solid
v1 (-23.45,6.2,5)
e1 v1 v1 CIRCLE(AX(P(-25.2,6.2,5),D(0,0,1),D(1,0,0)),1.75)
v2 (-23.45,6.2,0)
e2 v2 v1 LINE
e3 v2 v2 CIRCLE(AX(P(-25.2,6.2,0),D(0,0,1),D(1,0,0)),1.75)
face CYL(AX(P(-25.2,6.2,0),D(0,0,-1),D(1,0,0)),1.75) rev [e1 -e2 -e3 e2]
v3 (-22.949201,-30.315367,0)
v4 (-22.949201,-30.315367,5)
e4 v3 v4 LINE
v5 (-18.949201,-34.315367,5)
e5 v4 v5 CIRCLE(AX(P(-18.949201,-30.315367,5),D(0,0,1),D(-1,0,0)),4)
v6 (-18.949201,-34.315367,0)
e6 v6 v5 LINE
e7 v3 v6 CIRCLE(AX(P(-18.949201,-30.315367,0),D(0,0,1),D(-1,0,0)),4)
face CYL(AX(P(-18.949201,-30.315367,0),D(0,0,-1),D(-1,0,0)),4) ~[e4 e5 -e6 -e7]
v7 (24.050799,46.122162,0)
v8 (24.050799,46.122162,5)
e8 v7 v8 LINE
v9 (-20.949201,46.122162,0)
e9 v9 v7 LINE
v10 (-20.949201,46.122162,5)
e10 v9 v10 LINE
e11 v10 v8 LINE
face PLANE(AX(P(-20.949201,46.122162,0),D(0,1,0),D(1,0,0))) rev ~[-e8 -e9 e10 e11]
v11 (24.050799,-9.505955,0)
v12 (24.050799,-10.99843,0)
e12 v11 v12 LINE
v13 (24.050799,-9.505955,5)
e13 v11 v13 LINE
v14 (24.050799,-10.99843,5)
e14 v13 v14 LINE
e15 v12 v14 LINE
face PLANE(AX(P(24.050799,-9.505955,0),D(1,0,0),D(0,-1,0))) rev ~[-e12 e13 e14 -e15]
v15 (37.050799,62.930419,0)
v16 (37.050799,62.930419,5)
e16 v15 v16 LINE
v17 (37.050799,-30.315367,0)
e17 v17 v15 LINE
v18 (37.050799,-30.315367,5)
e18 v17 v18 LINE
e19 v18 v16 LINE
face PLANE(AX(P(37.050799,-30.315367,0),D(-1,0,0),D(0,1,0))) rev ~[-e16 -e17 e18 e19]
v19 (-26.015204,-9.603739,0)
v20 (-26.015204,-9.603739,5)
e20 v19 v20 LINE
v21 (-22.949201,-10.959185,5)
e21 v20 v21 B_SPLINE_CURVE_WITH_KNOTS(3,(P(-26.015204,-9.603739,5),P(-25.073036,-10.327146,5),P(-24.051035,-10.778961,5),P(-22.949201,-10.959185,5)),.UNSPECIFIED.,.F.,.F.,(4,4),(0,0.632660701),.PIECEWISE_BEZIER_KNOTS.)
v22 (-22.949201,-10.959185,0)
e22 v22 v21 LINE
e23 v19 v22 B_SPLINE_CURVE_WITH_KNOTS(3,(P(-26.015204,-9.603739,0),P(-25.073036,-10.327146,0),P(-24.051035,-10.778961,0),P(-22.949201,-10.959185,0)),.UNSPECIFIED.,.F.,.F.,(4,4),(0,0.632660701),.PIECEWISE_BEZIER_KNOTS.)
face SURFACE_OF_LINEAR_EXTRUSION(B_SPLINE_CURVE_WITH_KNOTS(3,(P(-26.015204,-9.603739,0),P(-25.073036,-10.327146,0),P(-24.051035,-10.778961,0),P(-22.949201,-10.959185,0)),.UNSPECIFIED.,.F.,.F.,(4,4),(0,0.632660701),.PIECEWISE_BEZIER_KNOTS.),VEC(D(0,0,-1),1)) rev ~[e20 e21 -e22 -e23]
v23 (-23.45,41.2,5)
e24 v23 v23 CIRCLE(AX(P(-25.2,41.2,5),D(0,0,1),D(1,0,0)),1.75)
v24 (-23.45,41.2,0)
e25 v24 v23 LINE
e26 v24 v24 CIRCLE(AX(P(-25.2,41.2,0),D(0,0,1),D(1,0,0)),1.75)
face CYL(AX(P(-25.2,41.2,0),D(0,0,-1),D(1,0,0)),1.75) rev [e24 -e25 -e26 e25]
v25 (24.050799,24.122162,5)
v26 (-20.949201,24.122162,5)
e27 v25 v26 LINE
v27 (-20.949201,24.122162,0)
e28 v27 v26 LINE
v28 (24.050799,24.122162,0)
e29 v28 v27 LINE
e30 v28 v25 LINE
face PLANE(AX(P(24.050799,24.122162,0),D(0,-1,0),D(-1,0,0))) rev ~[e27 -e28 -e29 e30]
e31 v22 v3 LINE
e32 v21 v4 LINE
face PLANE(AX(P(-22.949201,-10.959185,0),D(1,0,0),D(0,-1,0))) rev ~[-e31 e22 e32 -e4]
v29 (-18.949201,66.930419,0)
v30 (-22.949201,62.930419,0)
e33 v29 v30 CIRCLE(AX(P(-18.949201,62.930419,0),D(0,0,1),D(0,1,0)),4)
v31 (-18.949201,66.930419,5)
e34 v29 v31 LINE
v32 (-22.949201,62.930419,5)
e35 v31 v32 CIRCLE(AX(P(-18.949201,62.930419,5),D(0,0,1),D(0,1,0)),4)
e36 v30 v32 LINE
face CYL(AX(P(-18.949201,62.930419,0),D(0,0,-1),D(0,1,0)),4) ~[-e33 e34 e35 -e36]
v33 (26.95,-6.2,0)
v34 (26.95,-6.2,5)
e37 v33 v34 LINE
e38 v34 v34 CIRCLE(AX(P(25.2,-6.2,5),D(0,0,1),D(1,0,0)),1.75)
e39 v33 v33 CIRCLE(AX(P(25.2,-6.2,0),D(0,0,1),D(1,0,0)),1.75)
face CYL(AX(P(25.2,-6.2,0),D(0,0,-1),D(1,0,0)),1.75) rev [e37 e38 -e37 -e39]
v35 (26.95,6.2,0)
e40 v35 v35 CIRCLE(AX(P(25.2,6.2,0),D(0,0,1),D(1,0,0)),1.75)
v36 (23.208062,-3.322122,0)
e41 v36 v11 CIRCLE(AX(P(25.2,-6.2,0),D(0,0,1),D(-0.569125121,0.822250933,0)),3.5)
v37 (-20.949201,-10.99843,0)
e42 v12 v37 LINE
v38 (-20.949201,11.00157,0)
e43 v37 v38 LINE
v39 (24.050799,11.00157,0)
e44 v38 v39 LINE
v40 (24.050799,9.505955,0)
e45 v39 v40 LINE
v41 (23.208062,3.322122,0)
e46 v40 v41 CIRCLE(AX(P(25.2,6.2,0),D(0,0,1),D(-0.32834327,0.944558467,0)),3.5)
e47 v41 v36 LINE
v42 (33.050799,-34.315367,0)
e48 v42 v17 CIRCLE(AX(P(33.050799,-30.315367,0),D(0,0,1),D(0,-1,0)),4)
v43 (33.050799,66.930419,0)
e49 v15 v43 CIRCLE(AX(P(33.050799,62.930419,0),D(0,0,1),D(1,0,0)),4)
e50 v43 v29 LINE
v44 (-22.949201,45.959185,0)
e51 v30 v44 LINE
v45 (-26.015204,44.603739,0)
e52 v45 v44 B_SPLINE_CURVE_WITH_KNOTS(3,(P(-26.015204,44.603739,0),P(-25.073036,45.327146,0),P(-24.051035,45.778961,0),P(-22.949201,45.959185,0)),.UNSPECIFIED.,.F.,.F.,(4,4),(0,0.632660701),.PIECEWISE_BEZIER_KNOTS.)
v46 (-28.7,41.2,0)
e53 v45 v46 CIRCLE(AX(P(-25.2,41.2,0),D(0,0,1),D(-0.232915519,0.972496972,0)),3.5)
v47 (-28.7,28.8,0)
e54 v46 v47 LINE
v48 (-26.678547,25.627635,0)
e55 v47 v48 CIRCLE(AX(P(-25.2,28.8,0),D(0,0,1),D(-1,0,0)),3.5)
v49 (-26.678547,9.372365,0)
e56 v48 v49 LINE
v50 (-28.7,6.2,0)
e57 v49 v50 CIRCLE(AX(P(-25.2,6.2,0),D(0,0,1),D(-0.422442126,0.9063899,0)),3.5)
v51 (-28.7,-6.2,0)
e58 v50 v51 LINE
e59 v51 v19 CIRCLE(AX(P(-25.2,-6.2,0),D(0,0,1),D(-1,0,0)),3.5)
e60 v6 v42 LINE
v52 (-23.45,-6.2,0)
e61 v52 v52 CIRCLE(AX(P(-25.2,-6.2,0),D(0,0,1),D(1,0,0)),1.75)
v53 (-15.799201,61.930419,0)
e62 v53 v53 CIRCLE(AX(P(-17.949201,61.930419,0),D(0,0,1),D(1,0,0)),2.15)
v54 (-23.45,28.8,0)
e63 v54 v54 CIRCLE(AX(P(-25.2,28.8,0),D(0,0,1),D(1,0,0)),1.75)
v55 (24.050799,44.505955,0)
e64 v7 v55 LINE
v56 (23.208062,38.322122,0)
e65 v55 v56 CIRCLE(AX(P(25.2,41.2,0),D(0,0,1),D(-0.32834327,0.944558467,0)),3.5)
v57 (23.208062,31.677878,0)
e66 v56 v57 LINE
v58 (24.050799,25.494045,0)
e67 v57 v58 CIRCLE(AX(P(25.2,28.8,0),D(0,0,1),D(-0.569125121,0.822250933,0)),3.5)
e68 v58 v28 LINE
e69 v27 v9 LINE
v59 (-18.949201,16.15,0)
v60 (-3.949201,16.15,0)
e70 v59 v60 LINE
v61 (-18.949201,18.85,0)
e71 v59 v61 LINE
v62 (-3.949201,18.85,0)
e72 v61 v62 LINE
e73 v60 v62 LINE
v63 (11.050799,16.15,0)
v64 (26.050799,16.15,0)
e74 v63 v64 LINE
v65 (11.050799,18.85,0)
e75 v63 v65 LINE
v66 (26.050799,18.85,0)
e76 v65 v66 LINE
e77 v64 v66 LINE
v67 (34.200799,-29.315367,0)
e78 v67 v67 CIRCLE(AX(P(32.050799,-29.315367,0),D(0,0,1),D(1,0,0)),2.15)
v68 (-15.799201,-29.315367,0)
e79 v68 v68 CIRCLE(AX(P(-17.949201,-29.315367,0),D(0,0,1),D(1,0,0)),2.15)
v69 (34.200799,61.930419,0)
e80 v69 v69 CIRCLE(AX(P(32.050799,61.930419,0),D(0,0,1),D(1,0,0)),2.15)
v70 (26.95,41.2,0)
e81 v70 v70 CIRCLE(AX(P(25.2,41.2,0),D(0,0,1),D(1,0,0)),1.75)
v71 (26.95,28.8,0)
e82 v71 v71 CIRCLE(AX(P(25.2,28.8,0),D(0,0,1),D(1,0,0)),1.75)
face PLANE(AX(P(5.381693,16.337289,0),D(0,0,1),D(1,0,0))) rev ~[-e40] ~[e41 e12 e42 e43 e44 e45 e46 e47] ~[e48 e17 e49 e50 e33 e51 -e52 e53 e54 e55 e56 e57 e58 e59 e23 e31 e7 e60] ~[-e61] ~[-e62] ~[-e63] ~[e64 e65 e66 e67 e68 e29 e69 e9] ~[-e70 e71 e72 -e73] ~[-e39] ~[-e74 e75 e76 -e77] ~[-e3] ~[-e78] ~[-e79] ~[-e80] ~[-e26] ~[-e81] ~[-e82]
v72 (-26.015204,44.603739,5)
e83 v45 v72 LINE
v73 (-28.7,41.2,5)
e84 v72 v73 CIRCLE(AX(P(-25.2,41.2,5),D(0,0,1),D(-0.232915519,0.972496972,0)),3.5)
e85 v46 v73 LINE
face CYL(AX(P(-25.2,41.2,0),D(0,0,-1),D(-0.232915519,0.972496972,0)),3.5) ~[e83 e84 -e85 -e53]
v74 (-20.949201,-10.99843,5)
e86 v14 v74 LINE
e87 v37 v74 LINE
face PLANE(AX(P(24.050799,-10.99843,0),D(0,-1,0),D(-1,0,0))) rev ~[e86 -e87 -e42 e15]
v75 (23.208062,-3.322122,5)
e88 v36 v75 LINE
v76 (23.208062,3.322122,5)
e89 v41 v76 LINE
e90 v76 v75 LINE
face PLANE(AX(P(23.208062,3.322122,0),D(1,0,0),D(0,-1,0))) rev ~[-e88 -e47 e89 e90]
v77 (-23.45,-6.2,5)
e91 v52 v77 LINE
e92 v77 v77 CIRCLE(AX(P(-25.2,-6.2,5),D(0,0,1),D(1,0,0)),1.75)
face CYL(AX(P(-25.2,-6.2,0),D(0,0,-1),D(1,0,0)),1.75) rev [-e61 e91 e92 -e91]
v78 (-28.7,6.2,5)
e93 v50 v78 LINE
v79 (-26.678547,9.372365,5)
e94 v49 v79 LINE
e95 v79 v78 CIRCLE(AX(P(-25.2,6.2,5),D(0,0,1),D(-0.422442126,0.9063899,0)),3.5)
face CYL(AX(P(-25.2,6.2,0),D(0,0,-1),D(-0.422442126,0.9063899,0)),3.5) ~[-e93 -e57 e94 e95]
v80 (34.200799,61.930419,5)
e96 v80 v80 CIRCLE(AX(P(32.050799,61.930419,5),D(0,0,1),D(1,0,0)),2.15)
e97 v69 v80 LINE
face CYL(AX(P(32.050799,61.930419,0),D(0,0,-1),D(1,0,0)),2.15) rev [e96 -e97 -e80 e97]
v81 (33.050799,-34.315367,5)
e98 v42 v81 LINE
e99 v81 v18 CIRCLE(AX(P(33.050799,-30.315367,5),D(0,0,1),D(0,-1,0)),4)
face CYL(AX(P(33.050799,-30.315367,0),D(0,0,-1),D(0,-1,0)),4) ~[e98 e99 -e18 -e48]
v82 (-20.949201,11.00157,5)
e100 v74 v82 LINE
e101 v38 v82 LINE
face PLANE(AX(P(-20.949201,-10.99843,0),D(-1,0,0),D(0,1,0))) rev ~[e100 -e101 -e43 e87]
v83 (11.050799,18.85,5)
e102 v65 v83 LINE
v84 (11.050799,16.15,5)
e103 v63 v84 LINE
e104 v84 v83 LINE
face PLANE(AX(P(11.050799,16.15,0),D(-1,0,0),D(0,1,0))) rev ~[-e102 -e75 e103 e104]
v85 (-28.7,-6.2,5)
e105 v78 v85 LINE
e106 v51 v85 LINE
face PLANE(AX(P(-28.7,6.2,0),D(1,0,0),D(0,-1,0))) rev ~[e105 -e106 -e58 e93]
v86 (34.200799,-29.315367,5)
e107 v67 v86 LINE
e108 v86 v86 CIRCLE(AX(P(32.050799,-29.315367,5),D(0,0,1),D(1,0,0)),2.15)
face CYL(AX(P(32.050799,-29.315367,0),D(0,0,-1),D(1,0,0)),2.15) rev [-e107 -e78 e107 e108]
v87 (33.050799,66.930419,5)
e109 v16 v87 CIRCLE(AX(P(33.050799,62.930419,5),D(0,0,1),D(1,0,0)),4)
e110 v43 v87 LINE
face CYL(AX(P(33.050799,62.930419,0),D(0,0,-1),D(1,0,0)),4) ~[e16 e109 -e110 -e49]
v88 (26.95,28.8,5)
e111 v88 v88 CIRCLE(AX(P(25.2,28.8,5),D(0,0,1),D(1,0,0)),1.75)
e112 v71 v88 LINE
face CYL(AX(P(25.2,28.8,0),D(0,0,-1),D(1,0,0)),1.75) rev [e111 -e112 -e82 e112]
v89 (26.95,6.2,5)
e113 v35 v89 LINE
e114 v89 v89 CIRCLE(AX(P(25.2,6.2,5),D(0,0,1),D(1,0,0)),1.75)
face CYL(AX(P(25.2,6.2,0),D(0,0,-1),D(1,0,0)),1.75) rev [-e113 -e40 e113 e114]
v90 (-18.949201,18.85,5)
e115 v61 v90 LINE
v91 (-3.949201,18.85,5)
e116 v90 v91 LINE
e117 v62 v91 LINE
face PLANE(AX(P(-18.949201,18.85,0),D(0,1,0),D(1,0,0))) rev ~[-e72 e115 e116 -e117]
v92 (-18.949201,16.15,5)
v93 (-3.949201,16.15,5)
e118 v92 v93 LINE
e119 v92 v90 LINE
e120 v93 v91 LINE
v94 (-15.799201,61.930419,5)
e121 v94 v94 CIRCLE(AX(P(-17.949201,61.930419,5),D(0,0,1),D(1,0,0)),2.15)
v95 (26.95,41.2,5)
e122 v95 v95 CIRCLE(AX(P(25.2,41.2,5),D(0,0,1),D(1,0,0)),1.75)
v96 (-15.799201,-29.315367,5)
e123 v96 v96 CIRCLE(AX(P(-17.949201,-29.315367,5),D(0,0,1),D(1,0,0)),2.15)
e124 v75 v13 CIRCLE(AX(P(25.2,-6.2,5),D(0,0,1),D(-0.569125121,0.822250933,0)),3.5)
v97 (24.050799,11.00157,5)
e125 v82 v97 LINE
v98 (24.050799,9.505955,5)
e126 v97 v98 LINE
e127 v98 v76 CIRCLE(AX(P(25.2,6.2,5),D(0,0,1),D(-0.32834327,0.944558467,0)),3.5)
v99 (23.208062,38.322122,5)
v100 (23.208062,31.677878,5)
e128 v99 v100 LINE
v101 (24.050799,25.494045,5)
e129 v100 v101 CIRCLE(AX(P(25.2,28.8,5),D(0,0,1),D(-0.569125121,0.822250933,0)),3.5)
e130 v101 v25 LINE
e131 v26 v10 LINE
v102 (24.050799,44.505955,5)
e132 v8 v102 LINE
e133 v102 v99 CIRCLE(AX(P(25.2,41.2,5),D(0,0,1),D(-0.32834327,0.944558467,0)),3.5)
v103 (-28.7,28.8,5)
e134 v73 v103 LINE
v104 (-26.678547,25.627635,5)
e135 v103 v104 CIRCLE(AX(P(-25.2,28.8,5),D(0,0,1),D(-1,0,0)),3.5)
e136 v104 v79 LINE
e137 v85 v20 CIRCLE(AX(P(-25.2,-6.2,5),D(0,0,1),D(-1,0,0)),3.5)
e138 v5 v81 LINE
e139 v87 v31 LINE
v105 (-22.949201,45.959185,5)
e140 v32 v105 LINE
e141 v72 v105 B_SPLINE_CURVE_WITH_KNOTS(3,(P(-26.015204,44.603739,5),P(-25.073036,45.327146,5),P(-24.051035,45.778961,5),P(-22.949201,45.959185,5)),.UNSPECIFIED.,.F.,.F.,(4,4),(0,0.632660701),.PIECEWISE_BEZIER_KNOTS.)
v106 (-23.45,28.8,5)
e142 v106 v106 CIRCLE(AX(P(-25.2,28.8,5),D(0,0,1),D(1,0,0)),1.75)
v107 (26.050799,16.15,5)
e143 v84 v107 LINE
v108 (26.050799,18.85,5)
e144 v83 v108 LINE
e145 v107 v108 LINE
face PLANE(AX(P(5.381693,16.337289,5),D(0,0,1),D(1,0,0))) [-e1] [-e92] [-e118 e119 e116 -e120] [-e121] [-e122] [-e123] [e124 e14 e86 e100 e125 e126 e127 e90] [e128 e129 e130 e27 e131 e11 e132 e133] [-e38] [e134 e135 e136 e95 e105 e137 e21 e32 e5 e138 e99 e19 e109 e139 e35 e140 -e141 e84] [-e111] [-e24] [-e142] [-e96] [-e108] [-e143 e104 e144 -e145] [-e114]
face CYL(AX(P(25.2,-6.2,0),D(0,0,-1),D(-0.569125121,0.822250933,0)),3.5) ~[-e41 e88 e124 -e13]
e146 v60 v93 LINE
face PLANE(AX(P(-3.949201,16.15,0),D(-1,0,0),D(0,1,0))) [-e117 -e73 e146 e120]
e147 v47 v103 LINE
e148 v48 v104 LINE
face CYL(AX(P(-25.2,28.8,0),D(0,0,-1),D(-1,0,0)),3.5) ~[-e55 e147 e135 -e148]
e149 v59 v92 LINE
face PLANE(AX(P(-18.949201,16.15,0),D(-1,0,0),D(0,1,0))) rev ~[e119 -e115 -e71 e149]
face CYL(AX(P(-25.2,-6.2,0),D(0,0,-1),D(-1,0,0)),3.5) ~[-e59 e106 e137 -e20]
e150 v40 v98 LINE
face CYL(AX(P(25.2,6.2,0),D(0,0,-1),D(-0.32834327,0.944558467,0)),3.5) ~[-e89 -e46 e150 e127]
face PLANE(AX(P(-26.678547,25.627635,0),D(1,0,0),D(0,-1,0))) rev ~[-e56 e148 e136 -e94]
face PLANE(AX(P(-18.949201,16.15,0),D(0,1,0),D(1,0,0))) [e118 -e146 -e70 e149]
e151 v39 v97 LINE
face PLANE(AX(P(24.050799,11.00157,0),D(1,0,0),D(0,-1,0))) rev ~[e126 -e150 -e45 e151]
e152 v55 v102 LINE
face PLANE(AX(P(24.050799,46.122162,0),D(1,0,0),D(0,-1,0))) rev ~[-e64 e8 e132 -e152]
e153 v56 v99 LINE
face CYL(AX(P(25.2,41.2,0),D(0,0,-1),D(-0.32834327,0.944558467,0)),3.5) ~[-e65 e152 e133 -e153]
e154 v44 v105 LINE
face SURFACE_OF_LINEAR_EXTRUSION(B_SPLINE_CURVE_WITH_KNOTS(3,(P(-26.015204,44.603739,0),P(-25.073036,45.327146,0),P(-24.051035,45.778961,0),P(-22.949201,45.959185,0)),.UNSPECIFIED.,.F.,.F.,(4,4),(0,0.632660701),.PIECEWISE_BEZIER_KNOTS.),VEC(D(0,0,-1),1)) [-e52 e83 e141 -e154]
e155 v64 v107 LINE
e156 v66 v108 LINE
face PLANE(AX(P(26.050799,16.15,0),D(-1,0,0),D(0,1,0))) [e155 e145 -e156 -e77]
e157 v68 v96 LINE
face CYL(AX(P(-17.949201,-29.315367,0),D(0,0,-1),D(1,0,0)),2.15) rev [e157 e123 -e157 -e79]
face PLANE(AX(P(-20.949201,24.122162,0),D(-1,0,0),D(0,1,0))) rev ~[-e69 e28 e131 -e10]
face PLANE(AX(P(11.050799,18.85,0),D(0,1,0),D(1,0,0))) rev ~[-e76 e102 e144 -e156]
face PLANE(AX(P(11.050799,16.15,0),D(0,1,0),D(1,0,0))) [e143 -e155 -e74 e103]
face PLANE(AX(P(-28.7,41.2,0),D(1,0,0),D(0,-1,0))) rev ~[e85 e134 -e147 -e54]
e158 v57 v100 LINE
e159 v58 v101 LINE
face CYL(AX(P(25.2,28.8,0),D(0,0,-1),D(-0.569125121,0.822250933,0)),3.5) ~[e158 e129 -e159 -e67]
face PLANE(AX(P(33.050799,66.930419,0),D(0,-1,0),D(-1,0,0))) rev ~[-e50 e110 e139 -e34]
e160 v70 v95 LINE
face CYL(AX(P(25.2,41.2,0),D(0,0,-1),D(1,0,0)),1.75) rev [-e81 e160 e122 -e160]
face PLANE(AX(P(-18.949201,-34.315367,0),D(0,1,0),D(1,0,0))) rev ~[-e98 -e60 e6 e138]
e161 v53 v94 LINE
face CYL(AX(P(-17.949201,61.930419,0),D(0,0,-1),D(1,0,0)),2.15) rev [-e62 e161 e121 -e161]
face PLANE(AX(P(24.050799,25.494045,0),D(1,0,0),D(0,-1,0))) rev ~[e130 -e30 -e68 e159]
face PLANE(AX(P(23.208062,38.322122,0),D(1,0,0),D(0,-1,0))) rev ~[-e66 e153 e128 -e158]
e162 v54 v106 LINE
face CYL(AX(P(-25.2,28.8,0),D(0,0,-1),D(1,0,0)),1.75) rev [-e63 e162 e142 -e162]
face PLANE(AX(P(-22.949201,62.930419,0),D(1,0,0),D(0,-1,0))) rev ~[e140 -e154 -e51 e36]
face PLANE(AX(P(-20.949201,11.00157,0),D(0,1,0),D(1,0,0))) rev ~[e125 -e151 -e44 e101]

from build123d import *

# Parameters (mm, degrees)
SKETCH1_R           = 1.75
SKETCH1_R_2         = 2.15
SKETCH1_W           = 15
SKETCH1_H           = 2.7
BOSS_EXTRUDE1_DEPTH = 5


with BuildPart() as part:
    # Sketch1 → Boss-Extrude1 (new body)
    with BuildSketch(Plane.XY):
        with BuildLine():
            Line((33.050798555, 66.930419372), (-18.949201445, 66.930419372))
            ThreePointArc((-18.949201445, 66.930419372), (-21.77762857, 65.758846497), (-22.949201445, 62.930419372))
            Line((-22.949201445, 62.930419372), (-22.949201445, 45.959184597))
            add(Edge.make_bspline(
                [(-26.015204316, 44.603739403), (-25.073035607, 45.327145808), (-24.05103465, 45.778960873), (-22.949201445, 45.959184597)],
                knots=[0, 0, 0, 0, 0.632660701, 0.632660701, 0.632660701, 0.632660701], degree=3))
            ThreePointArc((-26.015204316, 44.603739403), (-27.948018841, 43.367577553), (-28.7, 41.2))
            Line((-28.7, 41.2), (-28.7, 28.8))
            ThreePointArc((-28.7, 28.8), (-28.151687317, 26.919164552), (-26.678547439, 25.62763535))
            Line((-26.678547439, 25.62763535), (-26.678547439, 9.37236465))
            ThreePointArc((-26.678547439, 9.37236465), (-28.151687317, 8.080835448), (-28.7, 6.2))
            Line((-28.7, 6.2), (-28.7, -6.2))
            ThreePointArc((-28.7, -6.2), (-27.948018841, -8.367577553), (-26.015204316, -9.603739403))
            add(Edge.make_bspline(
                [(-26.015204316, -9.603739403), (-25.073035607, -10.327145808), (-24.05103465, -10.778960873), (-22.949201445, -10.959184597)],
                knots=[0, 0, 0, 0, 0.632660701, 0.632660701, 0.632660701, 0.632660701], degree=3))
            Line((-22.949201445, -10.959184597), (-22.949201445, -30.315366628))
            ThreePointArc((-22.949201445, -30.315366628), (-21.77762857, -33.143793753), (-18.949201445, -34.315366628))
            Line((-18.949201445, -34.315366628), (33.050798555, -34.315366628))
            ThreePointArc((33.050798555, -34.315366628), (35.879225679, -33.143793753), (37.050798555, -30.315366628))
            Line((37.050798555, -30.315366628), (37.050798555, 62.930419372))
            ThreePointArc((37.050798555, 62.930419372), (35.879225679, 65.758846497), (33.050798555, 66.930419372))
        make_face()
        with Locations((-25.2, -6.2)):
            Circle(SKETCH1_R, mode=Mode.SUBTRACT)
        with Locations((-25.2, 6.2)):
            Circle(SKETCH1_R, mode=Mode.SUBTRACT)
        with Locations((-17.949201445, 61.930418903)):
            Circle(SKETCH1_R_2, mode=Mode.SUBTRACT)
        with Locations((32.050798555, 61.930418903)):
            Circle(SKETCH1_R_2, mode=Mode.SUBTRACT)
        with Locations((32.050798555, -29.315366628)):
            Circle(SKETCH1_R_2, mode=Mode.SUBTRACT)
        with Locations((-17.949201445, -29.315366628)):
            Circle(SKETCH1_R_2, mode=Mode.SUBTRACT)
        with Locations((25.2, 28.8)):
            Circle(SKETCH1_R, mode=Mode.SUBTRACT)
        with Locations((25.2, 41.2)):
            Circle(SKETCH1_R, mode=Mode.SUBTRACT)
        with Locations((-25.2, 28.8)):
            Circle(SKETCH1_R, mode=Mode.SUBTRACT)
        with Locations((-25.2, 41.2)):
            Circle(SKETCH1_R, mode=Mode.SUBTRACT)
        with Locations((25.2, 6.2)):
            Circle(SKETCH1_R, mode=Mode.SUBTRACT)
        with Locations((25.2, -6.2)):
            Circle(SKETCH1_R, mode=Mode.SUBTRACT)
        with BuildLine():
            Line((-20.949201445, 46.122161619), (24.050798555, 46.122161619))
            Line((24.050798555, 46.122161619), (24.050798555, 44.505954633))
            ThreePointArc((24.050798555, 44.505954633), (21.732055874, 41.672613518), (23.208062077, 38.322121735))
            Line((23.208062077, 38.322121735), (23.208062077, 31.677878265))
            ThreePointArc((23.208062077, 31.677878265), (21.732055874, 28.327386482), (24.050798555, 25.494045367))
            Line((24.050798555, 25.494045367), (24.050798555, 24.122161619))
            Line((24.050798555, 24.122161619), (-20.949201445, 24.122161619))
            Line((-20.949201445, 24.122161619), (-20.949201445, 46.122161619))
        make_face(mode=Mode.SUBTRACT)
        with BuildLine():
            Line((-20.949201445, 11.001569649), (24.050798555, 11.001569649))
            Line((24.050798555, 11.001569649), (24.050798555, 9.505954633))
            ThreePointArc((24.050798555, 9.505954633), (21.732055874, 6.672613518), (23.208062077, 3.322121735))
            Line((23.208062077, 3.322121735), (23.208062077, -3.322121735))
            ThreePointArc((23.208062077, -3.322121735), (21.732055874, -6.672613518), (24.050798555, -9.505954633))
            Line((24.050798555, -9.505954633), (24.050798555, -10.998430351))
            Line((24.050798555, -10.998430351), (-20.949201445, -10.998430351))
            Line((-20.949201445, -10.998430351), (-20.949201445, 11.001569649))
        make_face(mode=Mode.SUBTRACT)
        with Locations((-11.449201445, 17.5)):
            Rectangle(SKETCH1_W, SKETCH1_H, mode=Mode.SUBTRACT)
        with Locations((18.550798555, 17.5)):
            Rectangle(SKETCH1_W, SKETCH1_H, mode=Mode.SUBTRACT)
    extrude(amount=BOSS_EXTRUDE1_DEPTH)


solid = part.part
